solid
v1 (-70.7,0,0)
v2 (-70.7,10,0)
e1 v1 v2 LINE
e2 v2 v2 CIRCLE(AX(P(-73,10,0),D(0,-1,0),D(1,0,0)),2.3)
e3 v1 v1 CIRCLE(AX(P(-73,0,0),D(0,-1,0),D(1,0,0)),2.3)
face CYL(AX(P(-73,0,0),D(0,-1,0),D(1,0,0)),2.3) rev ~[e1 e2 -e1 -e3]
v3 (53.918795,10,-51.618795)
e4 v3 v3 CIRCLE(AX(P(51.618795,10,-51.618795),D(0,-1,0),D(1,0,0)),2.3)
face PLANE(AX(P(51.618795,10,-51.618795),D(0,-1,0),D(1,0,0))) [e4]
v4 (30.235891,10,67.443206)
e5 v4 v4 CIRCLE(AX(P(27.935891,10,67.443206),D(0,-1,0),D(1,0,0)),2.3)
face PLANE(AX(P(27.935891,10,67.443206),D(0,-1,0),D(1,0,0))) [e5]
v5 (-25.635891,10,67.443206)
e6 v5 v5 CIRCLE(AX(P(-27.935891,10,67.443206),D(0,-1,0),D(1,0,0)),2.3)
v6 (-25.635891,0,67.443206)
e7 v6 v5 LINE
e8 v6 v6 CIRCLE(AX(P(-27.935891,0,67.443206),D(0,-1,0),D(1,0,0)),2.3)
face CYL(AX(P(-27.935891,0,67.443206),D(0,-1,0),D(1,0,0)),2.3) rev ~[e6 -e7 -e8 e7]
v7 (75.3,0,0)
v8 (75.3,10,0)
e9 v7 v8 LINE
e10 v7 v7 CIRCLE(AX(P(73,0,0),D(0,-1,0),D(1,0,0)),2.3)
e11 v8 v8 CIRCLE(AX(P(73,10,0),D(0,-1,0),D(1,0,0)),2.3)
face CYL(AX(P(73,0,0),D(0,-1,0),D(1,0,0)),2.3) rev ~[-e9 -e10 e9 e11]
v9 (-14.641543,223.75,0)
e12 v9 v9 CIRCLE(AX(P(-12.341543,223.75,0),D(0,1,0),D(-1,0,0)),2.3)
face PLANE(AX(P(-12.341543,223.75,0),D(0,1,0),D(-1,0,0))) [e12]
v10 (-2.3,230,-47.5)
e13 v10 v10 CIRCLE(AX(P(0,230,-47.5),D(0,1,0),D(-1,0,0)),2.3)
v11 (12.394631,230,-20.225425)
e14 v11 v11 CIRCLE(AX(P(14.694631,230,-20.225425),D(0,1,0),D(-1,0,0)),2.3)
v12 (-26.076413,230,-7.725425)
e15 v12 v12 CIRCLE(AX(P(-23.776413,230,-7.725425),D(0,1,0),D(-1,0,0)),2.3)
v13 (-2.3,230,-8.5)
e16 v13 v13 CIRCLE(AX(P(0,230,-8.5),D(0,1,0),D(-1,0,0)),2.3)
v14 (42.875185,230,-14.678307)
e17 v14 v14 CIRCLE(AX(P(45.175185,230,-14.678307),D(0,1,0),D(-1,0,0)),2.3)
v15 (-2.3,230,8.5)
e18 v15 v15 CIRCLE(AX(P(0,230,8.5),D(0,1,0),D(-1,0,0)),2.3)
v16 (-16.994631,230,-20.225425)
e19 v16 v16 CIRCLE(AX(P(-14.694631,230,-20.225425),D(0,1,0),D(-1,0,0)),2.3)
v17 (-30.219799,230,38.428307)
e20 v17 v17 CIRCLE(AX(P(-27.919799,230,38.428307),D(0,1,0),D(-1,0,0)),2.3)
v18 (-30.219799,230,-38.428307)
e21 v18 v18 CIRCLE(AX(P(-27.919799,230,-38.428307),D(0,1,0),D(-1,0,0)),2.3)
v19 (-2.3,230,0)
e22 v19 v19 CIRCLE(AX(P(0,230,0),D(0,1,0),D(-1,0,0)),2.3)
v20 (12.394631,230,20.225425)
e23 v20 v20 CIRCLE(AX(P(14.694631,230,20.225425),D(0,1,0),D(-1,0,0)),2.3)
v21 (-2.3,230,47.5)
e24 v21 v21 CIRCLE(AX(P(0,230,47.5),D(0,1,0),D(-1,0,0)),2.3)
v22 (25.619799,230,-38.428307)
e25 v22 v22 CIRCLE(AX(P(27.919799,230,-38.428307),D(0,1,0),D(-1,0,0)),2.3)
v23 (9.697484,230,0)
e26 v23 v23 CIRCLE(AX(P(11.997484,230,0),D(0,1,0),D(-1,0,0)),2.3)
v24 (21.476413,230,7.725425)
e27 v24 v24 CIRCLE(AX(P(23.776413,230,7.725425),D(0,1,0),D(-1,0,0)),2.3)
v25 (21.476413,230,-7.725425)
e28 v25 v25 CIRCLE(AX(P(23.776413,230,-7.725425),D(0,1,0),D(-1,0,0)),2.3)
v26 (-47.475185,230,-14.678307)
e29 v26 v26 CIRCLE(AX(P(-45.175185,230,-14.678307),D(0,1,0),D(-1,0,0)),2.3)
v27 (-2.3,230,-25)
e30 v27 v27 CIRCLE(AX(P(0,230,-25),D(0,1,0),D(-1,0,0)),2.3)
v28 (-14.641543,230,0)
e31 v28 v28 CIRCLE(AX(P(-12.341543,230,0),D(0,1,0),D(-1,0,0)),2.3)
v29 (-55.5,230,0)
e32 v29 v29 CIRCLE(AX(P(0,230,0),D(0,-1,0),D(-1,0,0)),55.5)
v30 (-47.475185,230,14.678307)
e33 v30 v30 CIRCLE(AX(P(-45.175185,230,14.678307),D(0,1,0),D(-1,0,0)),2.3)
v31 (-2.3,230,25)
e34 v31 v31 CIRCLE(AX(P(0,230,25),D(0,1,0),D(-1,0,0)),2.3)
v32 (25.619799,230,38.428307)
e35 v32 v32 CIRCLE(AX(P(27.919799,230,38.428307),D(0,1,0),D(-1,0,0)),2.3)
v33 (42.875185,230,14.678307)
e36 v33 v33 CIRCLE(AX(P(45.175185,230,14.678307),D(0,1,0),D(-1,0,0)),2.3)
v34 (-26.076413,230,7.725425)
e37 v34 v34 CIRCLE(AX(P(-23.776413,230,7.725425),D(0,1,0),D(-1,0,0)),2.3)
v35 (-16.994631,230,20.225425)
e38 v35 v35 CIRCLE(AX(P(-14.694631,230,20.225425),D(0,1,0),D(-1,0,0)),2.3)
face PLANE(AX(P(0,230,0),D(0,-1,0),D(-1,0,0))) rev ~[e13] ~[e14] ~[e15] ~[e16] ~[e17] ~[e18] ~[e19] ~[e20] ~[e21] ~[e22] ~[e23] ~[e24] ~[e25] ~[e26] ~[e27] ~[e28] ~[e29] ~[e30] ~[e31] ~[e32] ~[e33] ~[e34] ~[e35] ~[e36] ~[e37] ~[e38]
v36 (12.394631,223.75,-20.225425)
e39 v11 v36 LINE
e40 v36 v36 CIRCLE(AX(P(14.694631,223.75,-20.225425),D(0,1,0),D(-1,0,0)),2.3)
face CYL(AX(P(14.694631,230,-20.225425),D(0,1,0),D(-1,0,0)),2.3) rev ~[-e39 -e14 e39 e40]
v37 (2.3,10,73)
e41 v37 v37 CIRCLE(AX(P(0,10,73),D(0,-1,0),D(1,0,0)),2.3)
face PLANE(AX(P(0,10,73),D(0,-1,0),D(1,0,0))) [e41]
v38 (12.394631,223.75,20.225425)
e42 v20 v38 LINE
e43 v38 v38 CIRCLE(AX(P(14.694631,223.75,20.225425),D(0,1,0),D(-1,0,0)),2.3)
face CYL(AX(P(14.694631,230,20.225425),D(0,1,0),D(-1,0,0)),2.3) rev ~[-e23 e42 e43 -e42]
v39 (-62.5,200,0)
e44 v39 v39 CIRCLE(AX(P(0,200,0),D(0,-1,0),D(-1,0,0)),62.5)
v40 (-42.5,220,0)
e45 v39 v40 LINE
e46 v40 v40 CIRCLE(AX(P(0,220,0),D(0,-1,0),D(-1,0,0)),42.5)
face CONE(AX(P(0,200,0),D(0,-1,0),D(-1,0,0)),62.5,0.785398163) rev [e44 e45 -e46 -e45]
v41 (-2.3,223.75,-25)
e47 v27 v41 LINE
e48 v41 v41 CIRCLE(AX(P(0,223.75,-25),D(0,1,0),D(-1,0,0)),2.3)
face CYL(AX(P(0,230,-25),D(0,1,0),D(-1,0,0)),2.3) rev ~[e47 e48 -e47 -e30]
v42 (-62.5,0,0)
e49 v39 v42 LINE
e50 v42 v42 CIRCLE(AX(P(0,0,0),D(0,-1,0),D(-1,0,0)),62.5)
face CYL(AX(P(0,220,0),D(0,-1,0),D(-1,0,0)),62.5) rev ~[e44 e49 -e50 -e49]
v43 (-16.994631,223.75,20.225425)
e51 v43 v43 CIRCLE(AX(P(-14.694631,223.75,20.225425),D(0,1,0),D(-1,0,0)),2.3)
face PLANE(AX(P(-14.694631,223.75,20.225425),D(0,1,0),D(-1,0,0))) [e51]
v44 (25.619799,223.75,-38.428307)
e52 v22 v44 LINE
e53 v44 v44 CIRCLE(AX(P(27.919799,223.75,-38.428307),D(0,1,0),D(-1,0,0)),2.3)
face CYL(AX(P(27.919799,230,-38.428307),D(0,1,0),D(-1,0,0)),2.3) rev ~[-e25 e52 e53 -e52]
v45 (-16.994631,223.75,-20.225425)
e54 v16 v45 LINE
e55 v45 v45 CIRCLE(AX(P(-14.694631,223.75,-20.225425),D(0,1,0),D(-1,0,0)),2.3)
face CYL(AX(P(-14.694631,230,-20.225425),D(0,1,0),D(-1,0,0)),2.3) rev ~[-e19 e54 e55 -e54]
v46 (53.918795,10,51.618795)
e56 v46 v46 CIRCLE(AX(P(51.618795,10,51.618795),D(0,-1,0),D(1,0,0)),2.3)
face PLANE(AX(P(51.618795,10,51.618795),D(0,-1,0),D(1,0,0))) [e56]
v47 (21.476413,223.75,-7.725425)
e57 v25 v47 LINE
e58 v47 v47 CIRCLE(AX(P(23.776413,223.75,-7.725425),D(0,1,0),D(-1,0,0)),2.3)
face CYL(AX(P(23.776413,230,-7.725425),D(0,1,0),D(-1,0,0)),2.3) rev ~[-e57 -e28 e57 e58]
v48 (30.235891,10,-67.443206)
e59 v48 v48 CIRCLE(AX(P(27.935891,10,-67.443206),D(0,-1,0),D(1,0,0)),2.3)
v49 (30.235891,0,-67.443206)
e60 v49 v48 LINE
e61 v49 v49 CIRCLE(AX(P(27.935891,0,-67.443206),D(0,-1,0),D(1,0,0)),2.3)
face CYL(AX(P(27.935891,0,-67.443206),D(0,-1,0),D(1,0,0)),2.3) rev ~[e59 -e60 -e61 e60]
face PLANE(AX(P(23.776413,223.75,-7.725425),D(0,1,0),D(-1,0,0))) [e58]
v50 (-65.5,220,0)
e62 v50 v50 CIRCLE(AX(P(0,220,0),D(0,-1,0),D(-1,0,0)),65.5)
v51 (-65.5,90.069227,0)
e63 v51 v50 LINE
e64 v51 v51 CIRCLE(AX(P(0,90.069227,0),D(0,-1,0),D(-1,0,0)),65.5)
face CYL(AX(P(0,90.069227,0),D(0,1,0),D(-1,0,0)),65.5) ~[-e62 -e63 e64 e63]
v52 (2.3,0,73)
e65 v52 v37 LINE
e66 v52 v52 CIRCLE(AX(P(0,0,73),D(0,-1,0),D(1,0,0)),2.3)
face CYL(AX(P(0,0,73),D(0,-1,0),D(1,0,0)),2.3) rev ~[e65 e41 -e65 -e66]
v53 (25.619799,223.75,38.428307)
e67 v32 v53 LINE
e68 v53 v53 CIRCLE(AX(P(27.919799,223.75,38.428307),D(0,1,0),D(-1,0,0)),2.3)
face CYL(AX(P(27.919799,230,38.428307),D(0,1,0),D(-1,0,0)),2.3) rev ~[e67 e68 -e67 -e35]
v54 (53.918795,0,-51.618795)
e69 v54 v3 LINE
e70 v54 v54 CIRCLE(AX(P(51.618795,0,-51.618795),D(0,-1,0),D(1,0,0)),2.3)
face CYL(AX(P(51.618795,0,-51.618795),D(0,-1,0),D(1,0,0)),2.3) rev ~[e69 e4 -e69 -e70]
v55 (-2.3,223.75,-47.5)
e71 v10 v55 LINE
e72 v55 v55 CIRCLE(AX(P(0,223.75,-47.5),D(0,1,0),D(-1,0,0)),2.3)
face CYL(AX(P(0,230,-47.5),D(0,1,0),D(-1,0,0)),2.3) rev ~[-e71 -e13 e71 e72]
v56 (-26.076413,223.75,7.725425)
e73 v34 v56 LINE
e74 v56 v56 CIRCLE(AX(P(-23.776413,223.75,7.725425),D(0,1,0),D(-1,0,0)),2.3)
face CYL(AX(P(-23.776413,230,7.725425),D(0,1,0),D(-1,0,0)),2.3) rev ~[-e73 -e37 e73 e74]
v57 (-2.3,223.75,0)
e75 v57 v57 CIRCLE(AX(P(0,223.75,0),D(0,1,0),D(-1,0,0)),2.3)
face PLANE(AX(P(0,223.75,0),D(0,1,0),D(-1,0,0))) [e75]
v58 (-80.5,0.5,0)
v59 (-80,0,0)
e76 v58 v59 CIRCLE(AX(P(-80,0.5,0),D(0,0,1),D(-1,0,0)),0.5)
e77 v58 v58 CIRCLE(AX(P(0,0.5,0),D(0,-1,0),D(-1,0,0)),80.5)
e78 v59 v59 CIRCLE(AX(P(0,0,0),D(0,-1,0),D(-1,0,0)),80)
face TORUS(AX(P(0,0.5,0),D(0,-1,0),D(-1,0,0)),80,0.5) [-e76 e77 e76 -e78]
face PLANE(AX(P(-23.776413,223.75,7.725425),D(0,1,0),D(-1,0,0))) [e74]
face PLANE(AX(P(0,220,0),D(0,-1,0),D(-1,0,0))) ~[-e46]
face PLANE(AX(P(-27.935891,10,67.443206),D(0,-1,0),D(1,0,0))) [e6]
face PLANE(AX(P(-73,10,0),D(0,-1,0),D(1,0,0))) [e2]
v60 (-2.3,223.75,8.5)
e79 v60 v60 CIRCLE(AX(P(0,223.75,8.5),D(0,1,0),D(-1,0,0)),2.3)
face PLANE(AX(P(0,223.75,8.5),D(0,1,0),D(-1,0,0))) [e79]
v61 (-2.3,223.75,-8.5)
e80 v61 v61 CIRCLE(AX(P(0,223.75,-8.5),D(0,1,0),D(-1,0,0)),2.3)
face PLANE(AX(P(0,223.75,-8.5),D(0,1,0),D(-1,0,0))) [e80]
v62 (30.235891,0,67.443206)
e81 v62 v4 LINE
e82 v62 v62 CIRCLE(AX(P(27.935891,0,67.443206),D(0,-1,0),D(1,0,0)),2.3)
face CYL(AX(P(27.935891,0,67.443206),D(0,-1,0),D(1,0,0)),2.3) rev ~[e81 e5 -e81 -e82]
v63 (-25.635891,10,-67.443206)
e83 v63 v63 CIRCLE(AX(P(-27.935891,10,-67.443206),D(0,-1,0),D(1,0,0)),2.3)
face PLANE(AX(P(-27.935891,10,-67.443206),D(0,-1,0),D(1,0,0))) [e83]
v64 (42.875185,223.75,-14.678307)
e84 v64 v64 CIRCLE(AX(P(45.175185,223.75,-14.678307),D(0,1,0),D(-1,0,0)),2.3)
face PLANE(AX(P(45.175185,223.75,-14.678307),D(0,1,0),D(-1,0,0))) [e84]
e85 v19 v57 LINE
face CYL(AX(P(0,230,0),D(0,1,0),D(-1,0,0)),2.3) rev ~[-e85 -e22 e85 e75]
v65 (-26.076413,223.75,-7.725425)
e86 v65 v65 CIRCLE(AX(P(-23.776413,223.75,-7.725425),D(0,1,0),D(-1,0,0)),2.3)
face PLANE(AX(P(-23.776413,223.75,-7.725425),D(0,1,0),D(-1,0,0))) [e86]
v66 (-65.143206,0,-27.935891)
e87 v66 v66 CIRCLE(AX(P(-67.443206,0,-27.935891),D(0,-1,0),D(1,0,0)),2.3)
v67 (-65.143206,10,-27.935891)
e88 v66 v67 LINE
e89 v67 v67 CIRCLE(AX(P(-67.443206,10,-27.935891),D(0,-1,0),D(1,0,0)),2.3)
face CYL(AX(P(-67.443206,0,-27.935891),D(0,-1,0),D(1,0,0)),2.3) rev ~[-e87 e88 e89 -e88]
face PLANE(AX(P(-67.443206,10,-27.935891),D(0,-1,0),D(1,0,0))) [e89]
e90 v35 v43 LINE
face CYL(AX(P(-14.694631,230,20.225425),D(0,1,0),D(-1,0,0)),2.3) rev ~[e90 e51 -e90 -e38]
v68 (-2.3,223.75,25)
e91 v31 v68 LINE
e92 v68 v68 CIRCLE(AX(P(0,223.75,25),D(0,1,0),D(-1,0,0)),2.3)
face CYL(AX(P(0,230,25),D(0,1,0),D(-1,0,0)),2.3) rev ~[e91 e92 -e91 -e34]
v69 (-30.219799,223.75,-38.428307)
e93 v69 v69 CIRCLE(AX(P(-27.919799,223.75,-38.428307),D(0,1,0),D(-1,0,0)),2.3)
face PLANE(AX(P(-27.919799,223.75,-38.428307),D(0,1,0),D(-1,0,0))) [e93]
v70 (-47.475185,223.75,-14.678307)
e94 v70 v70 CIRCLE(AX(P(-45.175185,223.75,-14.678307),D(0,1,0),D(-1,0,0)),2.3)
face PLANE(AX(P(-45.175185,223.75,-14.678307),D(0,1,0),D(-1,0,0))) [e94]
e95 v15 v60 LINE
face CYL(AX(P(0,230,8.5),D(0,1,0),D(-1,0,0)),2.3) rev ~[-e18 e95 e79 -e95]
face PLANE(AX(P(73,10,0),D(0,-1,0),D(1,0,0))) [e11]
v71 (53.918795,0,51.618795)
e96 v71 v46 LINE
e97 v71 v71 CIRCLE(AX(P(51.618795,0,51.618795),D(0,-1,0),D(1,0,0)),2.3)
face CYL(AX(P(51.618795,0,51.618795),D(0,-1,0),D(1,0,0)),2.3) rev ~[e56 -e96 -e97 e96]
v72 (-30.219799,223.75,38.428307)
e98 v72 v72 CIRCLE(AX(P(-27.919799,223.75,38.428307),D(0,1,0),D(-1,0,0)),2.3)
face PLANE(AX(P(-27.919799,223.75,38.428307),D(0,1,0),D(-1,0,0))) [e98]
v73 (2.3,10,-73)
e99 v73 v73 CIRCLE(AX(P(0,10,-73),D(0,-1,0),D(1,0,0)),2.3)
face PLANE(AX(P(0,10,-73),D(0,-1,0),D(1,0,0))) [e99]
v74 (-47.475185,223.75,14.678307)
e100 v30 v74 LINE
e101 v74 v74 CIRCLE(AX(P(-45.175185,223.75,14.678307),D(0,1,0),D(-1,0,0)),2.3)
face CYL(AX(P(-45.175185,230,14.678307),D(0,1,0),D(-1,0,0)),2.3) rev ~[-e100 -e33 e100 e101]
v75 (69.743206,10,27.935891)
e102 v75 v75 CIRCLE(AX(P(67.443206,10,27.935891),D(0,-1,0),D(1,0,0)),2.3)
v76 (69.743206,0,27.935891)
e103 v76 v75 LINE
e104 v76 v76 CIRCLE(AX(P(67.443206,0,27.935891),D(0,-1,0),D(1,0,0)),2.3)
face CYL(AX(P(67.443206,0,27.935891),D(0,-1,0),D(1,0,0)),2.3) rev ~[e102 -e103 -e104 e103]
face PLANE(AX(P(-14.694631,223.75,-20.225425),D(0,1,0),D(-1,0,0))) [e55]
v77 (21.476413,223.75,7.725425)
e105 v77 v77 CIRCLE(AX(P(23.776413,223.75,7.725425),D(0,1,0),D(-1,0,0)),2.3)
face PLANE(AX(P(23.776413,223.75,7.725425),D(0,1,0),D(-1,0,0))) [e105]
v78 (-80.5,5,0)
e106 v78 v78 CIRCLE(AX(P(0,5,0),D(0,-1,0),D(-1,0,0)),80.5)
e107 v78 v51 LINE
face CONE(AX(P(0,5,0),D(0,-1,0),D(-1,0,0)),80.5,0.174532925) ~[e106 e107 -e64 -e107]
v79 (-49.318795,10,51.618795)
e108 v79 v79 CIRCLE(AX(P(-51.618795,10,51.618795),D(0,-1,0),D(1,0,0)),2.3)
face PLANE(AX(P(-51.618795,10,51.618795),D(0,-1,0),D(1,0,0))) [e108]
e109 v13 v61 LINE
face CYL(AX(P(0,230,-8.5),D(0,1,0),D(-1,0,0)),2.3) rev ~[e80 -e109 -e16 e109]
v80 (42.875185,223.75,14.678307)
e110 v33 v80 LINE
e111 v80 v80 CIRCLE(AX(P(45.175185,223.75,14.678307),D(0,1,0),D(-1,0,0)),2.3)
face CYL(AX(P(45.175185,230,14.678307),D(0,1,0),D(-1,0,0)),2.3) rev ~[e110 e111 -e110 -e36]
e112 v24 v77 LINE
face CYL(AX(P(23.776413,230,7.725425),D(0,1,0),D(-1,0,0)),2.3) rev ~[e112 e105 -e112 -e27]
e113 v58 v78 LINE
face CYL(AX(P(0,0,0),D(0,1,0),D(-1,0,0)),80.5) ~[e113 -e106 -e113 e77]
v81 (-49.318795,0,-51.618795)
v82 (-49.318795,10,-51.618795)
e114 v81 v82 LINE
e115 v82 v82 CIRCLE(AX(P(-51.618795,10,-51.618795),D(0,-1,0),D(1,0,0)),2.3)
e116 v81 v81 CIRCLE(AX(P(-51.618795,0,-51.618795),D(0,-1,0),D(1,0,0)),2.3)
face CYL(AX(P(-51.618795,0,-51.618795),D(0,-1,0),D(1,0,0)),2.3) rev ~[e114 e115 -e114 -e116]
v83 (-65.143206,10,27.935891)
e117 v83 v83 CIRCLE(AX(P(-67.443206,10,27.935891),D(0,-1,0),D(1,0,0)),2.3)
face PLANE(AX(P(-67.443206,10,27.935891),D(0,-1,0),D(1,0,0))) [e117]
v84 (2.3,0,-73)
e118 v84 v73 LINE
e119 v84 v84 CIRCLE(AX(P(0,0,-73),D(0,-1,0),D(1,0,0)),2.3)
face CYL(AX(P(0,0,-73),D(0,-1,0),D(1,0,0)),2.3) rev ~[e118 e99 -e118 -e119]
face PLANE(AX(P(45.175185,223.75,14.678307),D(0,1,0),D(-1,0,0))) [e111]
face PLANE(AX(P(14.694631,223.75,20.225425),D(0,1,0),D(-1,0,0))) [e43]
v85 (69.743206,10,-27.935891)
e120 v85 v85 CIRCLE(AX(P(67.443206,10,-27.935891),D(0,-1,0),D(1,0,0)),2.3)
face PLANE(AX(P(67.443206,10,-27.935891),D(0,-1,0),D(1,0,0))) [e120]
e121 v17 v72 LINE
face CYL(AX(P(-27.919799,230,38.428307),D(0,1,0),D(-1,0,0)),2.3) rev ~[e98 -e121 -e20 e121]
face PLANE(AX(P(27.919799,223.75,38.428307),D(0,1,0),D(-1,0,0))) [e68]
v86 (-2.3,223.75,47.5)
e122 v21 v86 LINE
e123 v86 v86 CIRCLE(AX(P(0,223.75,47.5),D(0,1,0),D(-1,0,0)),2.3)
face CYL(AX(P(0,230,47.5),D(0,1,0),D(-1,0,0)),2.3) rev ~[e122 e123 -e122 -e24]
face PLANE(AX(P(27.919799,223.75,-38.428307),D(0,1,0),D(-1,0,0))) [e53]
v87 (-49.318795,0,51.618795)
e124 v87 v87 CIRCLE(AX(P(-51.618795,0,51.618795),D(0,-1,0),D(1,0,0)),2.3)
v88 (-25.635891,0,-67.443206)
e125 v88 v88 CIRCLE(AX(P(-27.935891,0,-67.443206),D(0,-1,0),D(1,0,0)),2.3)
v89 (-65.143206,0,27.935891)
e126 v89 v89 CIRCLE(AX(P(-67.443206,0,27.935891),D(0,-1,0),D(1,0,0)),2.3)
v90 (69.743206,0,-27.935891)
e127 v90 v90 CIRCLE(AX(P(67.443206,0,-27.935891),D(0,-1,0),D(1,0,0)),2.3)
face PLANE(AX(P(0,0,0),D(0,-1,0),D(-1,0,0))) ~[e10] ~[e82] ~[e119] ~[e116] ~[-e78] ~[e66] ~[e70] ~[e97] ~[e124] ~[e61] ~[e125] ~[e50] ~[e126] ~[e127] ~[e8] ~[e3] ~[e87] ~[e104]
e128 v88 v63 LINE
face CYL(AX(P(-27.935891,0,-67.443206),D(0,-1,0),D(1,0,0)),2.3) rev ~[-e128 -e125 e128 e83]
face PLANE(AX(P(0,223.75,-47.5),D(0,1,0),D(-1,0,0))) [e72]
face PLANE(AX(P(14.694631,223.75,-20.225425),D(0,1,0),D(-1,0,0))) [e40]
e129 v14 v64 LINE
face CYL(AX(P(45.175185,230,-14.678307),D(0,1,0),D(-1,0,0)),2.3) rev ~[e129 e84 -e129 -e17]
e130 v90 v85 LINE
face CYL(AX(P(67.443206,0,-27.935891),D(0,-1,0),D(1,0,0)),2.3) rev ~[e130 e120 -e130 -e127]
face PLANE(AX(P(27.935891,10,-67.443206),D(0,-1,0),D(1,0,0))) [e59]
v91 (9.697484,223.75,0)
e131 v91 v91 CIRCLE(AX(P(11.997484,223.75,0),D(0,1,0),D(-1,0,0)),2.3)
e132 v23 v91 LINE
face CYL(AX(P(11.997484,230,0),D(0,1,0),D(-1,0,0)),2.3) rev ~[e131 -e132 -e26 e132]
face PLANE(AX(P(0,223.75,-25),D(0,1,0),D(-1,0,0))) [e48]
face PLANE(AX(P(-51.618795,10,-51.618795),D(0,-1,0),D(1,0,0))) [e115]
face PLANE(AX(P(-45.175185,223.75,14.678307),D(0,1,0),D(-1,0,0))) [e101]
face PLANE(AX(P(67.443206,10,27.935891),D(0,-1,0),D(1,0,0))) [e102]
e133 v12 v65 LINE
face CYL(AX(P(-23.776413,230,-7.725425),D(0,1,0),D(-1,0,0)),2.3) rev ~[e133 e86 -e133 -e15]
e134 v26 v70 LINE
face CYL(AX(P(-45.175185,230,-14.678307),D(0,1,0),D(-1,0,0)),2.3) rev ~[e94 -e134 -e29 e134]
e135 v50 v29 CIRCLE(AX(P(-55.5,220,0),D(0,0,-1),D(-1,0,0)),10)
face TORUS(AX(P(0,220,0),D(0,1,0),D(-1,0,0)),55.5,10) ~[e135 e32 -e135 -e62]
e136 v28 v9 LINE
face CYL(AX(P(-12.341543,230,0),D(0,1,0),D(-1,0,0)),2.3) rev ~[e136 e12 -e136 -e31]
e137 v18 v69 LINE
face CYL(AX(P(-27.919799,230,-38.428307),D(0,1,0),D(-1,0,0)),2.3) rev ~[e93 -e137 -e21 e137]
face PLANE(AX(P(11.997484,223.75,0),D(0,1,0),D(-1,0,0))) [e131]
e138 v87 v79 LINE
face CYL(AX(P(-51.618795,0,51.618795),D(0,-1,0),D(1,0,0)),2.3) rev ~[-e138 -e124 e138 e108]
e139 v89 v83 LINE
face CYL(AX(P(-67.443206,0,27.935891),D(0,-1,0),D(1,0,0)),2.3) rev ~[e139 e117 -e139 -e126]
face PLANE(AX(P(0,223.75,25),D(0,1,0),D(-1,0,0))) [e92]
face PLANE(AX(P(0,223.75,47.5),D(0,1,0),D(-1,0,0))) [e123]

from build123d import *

# Parameters (mm, degrees)
SKETCH2_R          = 2.3
CUT_EXTRUDE1_DEPTH = 10
SKETCH4_R          = 2.3
CUT_EXTRUDE2_DEPTH = 6.25
CHAMFER3_SIZE      = 20
FILLET10_R         = 10
FILLET15_R         = 0.5


with BuildPart() as part:
    # Sketch1 → Revolve1 (revolve)
    with BuildSketch(Plane.XY):
        Polygon((80.5, 5), (65.5, 90.069227294), (65.5, 230), (0, 230), (0, 220), (62.5, 220), (62.5, 0), (80.5, 0), align=None)
    revolve(axis=Axis((0, 230, 0), (0, -1, 0)))

    # Sketch2 → Cut-Extrude1 (cut)
    with BuildSketch(Plane.XZ):
        with Locations((73, 0)):
            Circle(SKETCH2_R)
        with Locations((67.443205873, -27.935890563)):
            Circle(SKETCH2_R)
        with Locations((51.618795027, -51.618795027)):
            Circle(SKETCH2_R)
        with Locations((27.935890563, -67.443205873)):
            Circle(SKETCH2_R)
        with Locations((0, -73)):
            Circle(SKETCH2_R)
        with Locations((-27.935890563, -67.443205873)):
            Circle(SKETCH2_R)
        with Locations((-51.618795027, -51.618795027)):
            Circle(SKETCH2_R)
        with Locations((-67.443205873, -27.935890563)):
            Circle(SKETCH2_R)
        with Locations((-73, 0)):
            Circle(SKETCH2_R)
        with Locations((-67.443205873, 27.935890563)):
            Circle(SKETCH2_R)
        with Locations((-51.618795027, 51.618795027)):
            Circle(SKETCH2_R)
        with Locations((-27.935890563, 67.443205873)):
            Circle(SKETCH2_R)
        with Locations((0, 73)):
            Circle(SKETCH2_R)
        with Locations((27.935890563, 67.443205873)):
            Circle(SKETCH2_R)
        with Locations((51.618795027, 51.618795027)):
            Circle(SKETCH2_R)
        with Locations((67.443205873, 27.935890563)):
            Circle(SKETCH2_R)
    extrude(amount=-CUT_EXTRUDE1_DEPTH, mode=Mode.SUBTRACT)

    # Sketch4 → Cut-Extrude2 (cut)
    with BuildSketch(Plane(origin=(0, 230, 0), x_dir=(1, 0, 0), z_dir=(0, 1, 0))):
        with Locations((0, 47.5)):
            Circle(SKETCH4_R)
        with Locations((0, 25)):
            Circle(SKETCH4_R)
        with Locations((27.919799484, 38.428307233)):
            Circle(SKETCH4_R)
        with Locations((14.694631307, 20.225424859)):
            Circle(SKETCH4_R)
        with Locations((45.175184524, 14.678307233)):
            Circle(SKETCH4_R)
        with Locations((23.776412907, 7.725424859)):
            Circle(SKETCH4_R)
        with Locations((45.175184524, -14.678307233)):
            Circle(SKETCH4_R)
        with Locations((23.776412907, -7.725424859)):
            Circle(SKETCH4_R)
        with Locations((27.919799484, -38.428307233)):
            Circle(SKETCH4_R)
        with Locations((14.694631307, -20.225424859)):
            Circle(SKETCH4_R)
        with Locations((0, -47.5)):
            Circle(SKETCH4_R)
        with Locations((0, -25)):
            Circle(SKETCH4_R)
        with Locations((-27.919799484, -38.428307233)):
            Circle(SKETCH4_R)
        with Locations((-14.694631307, -20.225424859)):
            Circle(SKETCH4_R)
        with Locations((-45.175184524, -14.678307233)):
            Circle(SKETCH4_R)
        with Locations((-23.776412907, -7.725424859)):
            Circle(SKETCH4_R)
        with Locations((-45.175184524, 14.678307233)):
            Circle(SKETCH4_R)
        with Locations((-23.776412907, 7.725424859)):
            Circle(SKETCH4_R)
        with Locations((-27.919799484, 38.428307233)):
            Circle(SKETCH4_R)
        with Locations((-14.694631307, 20.225424859)):
            Circle(SKETCH4_R)
        Circle(SKETCH4_R)
        with Locations((11.997484215, 0)):
            Circle(SKETCH4_R)
        with Locations((-12.341543393, 0)):
            Circle(SKETCH4_R)
        with Locations((0, 8.5)):
            Circle(SKETCH4_R)
        with Locations((0, -8.5)):
            Circle(SKETCH4_R)
    extrude(amount=-CUT_EXTRUDE2_DEPTH, mode=Mode.SUBTRACT)

    # Chamfer3
    chamfer3_edges = [part.edges().sort_by_distance(p)[0] for p in [
        (-62.5, 220, 0),
    ]]
    chamfer(chamfer3_edges, length=CHAMFER3_SIZE)

    # Fillet10
    fillet10_edges = [part.edges().sort_by_distance(p)[0] for p in [
        (-65.5, 230, 0),
    ]]
    fillet(fillet10_edges, radius=FILLET10_R)

    # Fillet15
    fillet15_edges = [part.edges().sort_by_distance(p)[0] for p in [
        (-80.5, 0, 0),
    ]]
    fillet(fillet15_edges, radius=FILLET15_R)


solid = part.part
